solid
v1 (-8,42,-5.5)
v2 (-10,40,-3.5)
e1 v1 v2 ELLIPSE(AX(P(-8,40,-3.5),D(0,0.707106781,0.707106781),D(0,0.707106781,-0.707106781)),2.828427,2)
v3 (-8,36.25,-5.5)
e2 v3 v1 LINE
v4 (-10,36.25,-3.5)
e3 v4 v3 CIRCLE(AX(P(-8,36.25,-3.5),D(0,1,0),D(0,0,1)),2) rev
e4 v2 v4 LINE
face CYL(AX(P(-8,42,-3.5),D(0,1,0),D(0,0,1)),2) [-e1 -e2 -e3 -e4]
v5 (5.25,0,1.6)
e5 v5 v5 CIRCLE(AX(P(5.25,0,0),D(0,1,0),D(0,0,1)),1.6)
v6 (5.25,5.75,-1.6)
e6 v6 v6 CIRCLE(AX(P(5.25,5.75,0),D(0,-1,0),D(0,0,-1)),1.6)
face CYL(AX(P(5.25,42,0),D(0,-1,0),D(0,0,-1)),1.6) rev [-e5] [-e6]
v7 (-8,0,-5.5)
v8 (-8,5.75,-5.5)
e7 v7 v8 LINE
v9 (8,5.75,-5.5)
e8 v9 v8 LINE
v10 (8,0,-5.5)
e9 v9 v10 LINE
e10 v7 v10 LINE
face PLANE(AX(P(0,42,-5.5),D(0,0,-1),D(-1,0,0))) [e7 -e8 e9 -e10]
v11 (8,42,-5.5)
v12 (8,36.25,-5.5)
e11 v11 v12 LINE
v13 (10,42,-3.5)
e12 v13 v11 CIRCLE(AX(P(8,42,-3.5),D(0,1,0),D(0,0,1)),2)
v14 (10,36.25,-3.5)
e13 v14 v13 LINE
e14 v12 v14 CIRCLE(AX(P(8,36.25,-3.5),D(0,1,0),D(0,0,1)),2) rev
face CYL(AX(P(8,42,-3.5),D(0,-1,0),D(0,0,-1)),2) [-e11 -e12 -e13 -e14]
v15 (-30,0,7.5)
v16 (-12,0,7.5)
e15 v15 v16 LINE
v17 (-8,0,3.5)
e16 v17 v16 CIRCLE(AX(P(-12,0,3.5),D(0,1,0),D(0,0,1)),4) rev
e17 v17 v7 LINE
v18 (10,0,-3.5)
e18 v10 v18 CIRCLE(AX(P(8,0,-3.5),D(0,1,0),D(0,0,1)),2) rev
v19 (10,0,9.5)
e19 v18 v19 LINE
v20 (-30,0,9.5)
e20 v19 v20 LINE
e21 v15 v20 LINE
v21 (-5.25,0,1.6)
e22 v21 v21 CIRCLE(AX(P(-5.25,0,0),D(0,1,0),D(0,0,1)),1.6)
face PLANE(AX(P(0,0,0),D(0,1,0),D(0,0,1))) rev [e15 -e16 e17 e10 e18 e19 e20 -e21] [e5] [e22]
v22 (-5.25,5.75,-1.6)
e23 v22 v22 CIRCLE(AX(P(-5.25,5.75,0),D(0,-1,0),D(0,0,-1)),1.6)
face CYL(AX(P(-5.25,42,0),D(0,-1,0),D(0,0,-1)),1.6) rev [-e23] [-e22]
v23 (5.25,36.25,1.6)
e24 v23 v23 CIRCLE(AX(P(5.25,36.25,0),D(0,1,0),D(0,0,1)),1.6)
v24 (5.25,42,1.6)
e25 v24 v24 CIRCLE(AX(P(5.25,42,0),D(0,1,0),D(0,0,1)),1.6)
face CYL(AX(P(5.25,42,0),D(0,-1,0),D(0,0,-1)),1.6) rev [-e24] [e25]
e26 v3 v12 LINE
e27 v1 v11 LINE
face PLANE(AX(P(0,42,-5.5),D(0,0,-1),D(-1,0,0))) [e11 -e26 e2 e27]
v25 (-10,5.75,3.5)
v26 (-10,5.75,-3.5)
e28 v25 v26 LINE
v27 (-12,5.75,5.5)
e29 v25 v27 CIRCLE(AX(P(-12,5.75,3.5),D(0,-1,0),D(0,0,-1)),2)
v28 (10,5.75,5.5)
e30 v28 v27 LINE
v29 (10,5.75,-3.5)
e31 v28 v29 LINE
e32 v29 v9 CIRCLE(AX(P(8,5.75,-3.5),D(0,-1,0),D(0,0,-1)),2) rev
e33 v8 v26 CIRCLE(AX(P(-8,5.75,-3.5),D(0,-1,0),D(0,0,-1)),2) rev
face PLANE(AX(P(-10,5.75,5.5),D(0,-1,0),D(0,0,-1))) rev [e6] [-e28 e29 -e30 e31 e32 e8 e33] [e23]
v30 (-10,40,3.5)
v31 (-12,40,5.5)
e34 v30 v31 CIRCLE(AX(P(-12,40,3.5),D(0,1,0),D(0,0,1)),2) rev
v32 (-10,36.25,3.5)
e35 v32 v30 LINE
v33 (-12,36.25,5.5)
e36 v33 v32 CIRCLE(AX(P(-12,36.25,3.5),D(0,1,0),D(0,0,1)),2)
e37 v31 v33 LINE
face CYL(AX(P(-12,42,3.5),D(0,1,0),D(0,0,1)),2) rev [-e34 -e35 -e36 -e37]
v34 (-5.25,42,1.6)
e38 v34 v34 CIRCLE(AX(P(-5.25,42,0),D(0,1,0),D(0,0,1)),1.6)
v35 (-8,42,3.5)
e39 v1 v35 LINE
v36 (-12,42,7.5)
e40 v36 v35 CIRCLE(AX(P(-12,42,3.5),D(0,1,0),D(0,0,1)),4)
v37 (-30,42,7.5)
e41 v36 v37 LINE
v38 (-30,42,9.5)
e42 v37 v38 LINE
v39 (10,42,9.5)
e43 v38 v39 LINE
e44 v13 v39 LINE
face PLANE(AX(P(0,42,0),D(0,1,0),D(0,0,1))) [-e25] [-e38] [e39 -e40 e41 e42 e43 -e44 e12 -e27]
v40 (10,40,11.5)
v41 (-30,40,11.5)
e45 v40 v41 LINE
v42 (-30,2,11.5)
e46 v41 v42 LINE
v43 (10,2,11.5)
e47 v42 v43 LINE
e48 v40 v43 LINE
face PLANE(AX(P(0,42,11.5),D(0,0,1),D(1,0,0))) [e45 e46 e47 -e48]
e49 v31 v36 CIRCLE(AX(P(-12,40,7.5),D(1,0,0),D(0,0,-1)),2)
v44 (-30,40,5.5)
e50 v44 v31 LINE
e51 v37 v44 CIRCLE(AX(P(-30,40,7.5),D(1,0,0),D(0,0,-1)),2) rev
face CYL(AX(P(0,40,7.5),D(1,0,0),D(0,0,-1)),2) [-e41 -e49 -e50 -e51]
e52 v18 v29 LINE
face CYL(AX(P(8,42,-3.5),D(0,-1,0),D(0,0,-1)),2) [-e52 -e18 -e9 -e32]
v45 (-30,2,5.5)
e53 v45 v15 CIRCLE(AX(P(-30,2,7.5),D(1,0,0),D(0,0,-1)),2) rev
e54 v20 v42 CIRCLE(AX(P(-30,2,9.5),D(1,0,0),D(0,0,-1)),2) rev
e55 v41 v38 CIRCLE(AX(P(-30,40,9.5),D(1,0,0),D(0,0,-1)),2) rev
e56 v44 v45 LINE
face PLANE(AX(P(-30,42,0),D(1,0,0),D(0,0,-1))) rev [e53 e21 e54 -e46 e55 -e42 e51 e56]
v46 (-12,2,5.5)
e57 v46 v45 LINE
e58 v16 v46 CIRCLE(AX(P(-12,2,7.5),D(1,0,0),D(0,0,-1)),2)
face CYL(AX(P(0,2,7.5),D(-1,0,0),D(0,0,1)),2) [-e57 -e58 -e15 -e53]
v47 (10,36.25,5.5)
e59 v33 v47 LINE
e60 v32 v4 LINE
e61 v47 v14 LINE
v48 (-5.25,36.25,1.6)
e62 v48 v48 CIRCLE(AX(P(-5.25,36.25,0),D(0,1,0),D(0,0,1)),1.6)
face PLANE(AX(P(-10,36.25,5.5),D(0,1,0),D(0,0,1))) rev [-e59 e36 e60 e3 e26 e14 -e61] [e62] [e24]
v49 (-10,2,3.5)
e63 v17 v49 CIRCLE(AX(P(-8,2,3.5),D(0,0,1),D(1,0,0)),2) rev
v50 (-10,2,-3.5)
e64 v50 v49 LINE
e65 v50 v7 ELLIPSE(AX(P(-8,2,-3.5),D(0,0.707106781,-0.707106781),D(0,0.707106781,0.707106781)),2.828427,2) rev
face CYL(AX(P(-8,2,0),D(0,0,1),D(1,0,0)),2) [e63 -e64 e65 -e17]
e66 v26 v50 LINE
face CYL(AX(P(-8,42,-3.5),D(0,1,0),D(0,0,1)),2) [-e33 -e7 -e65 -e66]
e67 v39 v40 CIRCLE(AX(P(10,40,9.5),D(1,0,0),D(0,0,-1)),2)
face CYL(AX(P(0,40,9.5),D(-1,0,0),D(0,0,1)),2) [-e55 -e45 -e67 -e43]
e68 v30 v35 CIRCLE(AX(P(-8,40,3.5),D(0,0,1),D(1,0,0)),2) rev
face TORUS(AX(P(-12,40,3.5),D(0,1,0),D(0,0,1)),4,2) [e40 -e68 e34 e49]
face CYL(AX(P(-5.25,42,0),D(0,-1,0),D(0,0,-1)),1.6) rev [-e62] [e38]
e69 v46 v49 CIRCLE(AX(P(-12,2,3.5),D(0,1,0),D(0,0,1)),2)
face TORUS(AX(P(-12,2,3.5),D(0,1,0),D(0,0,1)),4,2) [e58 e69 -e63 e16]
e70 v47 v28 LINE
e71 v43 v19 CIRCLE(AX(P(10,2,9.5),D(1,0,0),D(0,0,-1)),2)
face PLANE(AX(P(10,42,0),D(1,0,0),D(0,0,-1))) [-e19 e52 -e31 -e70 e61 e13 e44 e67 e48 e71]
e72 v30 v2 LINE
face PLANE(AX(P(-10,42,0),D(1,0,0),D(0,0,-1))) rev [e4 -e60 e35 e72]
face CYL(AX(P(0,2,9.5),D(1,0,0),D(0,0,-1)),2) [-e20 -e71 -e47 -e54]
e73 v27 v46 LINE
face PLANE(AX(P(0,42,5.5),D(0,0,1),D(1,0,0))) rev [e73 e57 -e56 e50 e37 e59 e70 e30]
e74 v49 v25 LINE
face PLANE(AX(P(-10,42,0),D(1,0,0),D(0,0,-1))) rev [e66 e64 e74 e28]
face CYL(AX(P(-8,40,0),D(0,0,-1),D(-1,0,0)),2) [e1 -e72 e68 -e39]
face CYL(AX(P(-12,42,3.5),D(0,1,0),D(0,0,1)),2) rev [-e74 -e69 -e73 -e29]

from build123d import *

# Parameters (mm, degrees)
SKETCH1_W           = 20
SKETCH1_H           = 11
SKETCH1_R           = 1.6
BOSS_EXTRUDE1_DEPTH = 42
SKETCH2_W           = 20
SKETCH2_H           = 30.5
CUT_EXTRUDE1_DEPTH  = 11
FILLET1_R           = 2


with BuildPart() as part:
    # Sketch1 → Boss-Extrude1 (new body)
    with BuildSketch(Plane(origin=(0, 0, 0), x_dir=(1, 0, 0), z_dir=(0, 1, 0))):
        Rectangle(SKETCH1_W, SKETCH1_H)
        with Locations((5.25, 0)):
            Circle(SKETCH1_R, mode=Mode.SUBTRACT)
        with Locations((-5.25, 0)):
            Circle(SKETCH1_R, mode=Mode.SUBTRACT)
        Polygon((10, -5.5), (-10, -5.5), (-30, -5.5), (-30, -11.5), (10, -11.5), align=None)
    extrude(amount=BOSS_EXTRUDE1_DEPTH)

    # Sketch2 → Cut-Extrude1 (cut)
    with BuildSketch(Plane(origin=(0, 0, -5.5), x_dir=(-1, 0, 0), z_dir=(0, 0, -1))):
        with Locations((0, 21)):
            Rectangle(SKETCH2_W, SKETCH2_H)
    extrude(amount=-CUT_EXTRUDE1_DEPTH, mode=Mode.SUBTRACT)

    # Fillet1
    fillet1_edges = [part.edges().sort_by_distance(p)[0] for p in [
        (-10, 0, 11.5),
        (-20, 0, 5.5),
        (-10, 0, 0),
        (-10, 39.125, 5.5),
        (-10, 39.125, -5.5),
        (10, 39.125, -5.5),
        (-10, 42, 0),
        (-10, 2.875, 5.5),
        (-10, 2.875, -5.5),
        (10, 2.875, -5.5),
        (-20, 42, 5.5),
        (-10, 42, 11.5),
    ]]
    fillet(fillet1_edges, radius=FILLET1_R)


solid = part.part
